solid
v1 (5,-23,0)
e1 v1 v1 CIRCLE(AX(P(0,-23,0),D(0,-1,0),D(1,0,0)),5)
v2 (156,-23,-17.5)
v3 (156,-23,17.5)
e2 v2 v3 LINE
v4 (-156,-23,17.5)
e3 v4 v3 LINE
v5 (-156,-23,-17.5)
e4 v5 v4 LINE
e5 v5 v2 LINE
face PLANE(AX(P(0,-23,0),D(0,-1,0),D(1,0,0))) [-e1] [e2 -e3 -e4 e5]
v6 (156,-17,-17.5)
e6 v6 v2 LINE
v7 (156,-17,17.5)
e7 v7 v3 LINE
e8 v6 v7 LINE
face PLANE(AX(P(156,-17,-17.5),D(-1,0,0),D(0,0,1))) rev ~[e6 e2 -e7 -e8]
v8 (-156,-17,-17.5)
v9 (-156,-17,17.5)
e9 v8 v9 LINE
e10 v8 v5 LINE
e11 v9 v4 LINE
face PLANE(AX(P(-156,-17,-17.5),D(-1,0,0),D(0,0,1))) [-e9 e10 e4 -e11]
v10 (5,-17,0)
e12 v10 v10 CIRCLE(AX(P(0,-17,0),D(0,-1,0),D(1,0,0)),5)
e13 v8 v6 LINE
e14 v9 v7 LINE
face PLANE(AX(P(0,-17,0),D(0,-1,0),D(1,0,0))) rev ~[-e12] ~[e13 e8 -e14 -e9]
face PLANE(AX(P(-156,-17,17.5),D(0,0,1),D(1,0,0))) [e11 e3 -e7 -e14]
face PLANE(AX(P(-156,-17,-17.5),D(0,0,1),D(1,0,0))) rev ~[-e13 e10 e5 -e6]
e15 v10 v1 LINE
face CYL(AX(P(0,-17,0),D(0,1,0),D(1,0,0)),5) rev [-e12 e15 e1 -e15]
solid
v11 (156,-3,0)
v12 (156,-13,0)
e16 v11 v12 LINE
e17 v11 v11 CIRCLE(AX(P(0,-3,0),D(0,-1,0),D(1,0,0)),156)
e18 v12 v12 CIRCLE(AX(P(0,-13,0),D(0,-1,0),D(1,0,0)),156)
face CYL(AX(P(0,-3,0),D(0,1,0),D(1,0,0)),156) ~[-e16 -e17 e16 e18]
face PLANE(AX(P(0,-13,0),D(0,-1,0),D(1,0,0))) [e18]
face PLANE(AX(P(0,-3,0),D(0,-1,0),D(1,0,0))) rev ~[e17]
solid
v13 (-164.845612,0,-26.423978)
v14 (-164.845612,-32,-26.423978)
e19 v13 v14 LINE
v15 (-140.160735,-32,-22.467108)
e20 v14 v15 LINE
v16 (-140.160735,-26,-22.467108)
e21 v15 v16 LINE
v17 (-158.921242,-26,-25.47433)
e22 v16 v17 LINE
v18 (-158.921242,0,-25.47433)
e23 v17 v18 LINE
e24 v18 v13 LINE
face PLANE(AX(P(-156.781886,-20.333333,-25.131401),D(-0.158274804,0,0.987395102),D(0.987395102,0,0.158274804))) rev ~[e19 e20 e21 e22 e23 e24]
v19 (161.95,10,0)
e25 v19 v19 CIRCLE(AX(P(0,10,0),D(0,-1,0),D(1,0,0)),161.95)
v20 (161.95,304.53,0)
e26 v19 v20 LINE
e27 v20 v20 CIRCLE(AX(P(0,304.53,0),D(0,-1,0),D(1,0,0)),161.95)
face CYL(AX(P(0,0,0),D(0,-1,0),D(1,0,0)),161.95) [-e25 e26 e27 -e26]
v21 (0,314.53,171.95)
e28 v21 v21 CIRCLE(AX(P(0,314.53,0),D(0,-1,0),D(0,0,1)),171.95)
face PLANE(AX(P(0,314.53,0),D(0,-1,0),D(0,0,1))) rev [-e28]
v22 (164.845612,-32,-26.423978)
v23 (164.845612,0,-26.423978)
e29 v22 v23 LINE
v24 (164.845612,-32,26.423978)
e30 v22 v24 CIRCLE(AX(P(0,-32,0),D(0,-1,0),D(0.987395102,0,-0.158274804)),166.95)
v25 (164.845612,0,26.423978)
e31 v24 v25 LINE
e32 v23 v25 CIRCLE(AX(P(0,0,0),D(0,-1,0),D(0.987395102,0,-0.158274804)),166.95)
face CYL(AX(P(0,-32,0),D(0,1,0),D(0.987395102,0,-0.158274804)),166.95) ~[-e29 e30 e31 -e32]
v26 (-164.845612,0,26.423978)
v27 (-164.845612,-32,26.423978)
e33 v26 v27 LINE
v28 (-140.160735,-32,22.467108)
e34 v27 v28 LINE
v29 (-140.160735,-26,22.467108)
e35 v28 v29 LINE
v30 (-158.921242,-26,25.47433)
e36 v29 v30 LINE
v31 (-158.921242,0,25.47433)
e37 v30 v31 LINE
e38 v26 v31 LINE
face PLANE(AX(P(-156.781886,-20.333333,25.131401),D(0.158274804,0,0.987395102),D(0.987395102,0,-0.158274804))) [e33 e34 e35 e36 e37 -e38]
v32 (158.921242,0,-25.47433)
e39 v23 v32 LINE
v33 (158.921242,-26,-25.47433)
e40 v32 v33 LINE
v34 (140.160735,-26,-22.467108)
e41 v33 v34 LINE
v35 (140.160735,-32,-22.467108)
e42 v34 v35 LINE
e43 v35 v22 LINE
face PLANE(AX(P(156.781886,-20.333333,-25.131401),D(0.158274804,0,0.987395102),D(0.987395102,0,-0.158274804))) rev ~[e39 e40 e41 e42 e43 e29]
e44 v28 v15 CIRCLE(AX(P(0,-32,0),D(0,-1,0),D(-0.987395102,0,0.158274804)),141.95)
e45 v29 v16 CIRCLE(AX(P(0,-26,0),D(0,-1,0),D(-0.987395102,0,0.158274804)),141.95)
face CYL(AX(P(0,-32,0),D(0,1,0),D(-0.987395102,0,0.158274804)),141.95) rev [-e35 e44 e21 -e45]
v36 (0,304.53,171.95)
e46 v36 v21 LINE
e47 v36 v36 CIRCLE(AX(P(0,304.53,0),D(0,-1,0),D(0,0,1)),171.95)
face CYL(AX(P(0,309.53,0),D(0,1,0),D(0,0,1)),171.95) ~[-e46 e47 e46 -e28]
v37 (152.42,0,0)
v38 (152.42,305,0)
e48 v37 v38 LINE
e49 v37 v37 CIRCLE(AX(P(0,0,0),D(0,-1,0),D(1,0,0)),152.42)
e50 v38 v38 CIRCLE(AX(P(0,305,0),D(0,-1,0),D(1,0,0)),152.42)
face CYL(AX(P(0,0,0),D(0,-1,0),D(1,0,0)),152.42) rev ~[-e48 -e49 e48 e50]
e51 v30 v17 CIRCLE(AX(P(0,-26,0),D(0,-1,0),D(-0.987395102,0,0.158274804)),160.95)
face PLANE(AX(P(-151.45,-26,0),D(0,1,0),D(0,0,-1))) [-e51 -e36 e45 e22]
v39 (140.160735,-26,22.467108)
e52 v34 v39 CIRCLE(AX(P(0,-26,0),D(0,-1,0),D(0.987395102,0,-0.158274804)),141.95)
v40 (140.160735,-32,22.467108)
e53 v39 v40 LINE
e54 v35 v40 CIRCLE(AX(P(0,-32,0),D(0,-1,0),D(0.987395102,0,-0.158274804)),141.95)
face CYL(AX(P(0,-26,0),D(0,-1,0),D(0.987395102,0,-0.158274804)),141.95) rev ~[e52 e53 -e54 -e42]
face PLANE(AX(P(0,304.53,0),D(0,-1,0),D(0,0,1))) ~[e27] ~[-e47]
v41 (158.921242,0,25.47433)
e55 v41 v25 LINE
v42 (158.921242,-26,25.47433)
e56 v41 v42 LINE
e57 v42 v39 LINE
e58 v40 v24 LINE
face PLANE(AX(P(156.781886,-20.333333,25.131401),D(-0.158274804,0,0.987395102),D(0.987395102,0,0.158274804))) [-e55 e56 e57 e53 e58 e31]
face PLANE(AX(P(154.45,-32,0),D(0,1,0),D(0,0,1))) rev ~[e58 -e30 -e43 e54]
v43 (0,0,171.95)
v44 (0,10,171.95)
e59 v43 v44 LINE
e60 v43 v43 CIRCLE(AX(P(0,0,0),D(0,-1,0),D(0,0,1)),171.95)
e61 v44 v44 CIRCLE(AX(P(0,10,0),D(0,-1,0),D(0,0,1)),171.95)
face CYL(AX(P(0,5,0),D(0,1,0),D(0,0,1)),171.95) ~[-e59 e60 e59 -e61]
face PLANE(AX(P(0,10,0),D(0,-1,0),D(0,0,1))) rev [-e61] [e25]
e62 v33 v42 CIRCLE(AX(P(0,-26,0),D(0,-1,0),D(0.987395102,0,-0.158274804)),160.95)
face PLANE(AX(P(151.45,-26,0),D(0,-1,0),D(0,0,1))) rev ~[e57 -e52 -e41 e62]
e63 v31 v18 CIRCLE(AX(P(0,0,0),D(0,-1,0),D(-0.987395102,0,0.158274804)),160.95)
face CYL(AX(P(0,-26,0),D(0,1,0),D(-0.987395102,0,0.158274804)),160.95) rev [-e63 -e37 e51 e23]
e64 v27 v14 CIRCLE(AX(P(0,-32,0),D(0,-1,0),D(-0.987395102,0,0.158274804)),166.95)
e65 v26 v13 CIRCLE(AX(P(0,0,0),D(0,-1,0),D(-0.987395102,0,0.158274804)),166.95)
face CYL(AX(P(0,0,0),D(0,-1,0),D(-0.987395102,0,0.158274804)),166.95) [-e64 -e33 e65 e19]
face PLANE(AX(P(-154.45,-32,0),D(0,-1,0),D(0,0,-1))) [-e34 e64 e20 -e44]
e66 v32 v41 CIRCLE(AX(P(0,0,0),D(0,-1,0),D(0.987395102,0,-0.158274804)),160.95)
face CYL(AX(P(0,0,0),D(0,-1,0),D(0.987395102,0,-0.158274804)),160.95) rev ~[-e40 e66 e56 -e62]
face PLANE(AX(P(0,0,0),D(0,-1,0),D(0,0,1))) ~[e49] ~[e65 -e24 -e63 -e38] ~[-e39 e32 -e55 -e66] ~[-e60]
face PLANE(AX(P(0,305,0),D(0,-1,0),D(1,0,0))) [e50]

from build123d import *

# Parameters (mm, degrees)
F0_R      = 161.95
F1_DEPTH  = 314.53
F2_T      = -9.53
F6_W      = 10
F6_H      = 10
F9_R      = 156
F10_DEPTH = 10
F12_W     = 312
F12_H     = 35
F12_R     = 5
F13_DEPTH = 6


with BuildPart() as f1:
    # F0 (on Front) → F1 (new body)
    with BuildSketch(Plane.XZ):
        Circle(F0_R)
    extrude(amount=-F1_DEPTH)

    # F2
    f2_openings = [f1.faces().sort_by_distance(p)[0] for p in [
        (0, 0, 0),
    ]]
    offset(amount=F2_T, openings=f2_openings)

    # F5: sweep along a path in F3
    with BuildLine(Plane.XZ) as f5_path:
        ThreePointArc((155.9621427626, -25), (157.9531258795, 0), (155.9621427626, 25))
    # F4 (on Top) → F5 (sweep)
    with BuildSketch(Plane.XY):
        Polygon((166.95, -32), (166.95, 0), (160.95, 0), (160.95, -26), (141.95, -26), (141.95, -32), align=None)
        Polygon((-141.95, -26), (-160.95, -26), (-160.95, 0), (-166.95, 0), (-166.95, -32), (-141.95, -32), align=None)
    sweep(path=f5_path.line)

    # F6 (on Right) → F7 (revolve)
    with BuildSketch(Plane.YZ):
        with Locations((5, 166.95)):
            Rectangle(F6_W, F6_H)
        with Locations((309.53, 166.95)):
            Rectangle(F6_W, F6_H)
    revolve(axis=Axis((0, 0, 0), (0, -1, 0)))


with BuildPart() as f10:
    # F9 (on offset) → F10 (new body)
    with BuildSketch(Plane.XZ.offset(3)):
        Circle(F9_R)
    extrude(amount=F10_DEPTH)


with BuildPart() as f13:
    # F12 (on offset) → F13 (new body)
    with BuildSketch(Plane.XZ.offset(17)):
        Rectangle(F12_W, F12_H)
        Circle(F12_R, mode=Mode.SUBTRACT)
    extrude(amount=F13_DEPTH)


solid = Compound([f1.part, f10.part, f13.part])
